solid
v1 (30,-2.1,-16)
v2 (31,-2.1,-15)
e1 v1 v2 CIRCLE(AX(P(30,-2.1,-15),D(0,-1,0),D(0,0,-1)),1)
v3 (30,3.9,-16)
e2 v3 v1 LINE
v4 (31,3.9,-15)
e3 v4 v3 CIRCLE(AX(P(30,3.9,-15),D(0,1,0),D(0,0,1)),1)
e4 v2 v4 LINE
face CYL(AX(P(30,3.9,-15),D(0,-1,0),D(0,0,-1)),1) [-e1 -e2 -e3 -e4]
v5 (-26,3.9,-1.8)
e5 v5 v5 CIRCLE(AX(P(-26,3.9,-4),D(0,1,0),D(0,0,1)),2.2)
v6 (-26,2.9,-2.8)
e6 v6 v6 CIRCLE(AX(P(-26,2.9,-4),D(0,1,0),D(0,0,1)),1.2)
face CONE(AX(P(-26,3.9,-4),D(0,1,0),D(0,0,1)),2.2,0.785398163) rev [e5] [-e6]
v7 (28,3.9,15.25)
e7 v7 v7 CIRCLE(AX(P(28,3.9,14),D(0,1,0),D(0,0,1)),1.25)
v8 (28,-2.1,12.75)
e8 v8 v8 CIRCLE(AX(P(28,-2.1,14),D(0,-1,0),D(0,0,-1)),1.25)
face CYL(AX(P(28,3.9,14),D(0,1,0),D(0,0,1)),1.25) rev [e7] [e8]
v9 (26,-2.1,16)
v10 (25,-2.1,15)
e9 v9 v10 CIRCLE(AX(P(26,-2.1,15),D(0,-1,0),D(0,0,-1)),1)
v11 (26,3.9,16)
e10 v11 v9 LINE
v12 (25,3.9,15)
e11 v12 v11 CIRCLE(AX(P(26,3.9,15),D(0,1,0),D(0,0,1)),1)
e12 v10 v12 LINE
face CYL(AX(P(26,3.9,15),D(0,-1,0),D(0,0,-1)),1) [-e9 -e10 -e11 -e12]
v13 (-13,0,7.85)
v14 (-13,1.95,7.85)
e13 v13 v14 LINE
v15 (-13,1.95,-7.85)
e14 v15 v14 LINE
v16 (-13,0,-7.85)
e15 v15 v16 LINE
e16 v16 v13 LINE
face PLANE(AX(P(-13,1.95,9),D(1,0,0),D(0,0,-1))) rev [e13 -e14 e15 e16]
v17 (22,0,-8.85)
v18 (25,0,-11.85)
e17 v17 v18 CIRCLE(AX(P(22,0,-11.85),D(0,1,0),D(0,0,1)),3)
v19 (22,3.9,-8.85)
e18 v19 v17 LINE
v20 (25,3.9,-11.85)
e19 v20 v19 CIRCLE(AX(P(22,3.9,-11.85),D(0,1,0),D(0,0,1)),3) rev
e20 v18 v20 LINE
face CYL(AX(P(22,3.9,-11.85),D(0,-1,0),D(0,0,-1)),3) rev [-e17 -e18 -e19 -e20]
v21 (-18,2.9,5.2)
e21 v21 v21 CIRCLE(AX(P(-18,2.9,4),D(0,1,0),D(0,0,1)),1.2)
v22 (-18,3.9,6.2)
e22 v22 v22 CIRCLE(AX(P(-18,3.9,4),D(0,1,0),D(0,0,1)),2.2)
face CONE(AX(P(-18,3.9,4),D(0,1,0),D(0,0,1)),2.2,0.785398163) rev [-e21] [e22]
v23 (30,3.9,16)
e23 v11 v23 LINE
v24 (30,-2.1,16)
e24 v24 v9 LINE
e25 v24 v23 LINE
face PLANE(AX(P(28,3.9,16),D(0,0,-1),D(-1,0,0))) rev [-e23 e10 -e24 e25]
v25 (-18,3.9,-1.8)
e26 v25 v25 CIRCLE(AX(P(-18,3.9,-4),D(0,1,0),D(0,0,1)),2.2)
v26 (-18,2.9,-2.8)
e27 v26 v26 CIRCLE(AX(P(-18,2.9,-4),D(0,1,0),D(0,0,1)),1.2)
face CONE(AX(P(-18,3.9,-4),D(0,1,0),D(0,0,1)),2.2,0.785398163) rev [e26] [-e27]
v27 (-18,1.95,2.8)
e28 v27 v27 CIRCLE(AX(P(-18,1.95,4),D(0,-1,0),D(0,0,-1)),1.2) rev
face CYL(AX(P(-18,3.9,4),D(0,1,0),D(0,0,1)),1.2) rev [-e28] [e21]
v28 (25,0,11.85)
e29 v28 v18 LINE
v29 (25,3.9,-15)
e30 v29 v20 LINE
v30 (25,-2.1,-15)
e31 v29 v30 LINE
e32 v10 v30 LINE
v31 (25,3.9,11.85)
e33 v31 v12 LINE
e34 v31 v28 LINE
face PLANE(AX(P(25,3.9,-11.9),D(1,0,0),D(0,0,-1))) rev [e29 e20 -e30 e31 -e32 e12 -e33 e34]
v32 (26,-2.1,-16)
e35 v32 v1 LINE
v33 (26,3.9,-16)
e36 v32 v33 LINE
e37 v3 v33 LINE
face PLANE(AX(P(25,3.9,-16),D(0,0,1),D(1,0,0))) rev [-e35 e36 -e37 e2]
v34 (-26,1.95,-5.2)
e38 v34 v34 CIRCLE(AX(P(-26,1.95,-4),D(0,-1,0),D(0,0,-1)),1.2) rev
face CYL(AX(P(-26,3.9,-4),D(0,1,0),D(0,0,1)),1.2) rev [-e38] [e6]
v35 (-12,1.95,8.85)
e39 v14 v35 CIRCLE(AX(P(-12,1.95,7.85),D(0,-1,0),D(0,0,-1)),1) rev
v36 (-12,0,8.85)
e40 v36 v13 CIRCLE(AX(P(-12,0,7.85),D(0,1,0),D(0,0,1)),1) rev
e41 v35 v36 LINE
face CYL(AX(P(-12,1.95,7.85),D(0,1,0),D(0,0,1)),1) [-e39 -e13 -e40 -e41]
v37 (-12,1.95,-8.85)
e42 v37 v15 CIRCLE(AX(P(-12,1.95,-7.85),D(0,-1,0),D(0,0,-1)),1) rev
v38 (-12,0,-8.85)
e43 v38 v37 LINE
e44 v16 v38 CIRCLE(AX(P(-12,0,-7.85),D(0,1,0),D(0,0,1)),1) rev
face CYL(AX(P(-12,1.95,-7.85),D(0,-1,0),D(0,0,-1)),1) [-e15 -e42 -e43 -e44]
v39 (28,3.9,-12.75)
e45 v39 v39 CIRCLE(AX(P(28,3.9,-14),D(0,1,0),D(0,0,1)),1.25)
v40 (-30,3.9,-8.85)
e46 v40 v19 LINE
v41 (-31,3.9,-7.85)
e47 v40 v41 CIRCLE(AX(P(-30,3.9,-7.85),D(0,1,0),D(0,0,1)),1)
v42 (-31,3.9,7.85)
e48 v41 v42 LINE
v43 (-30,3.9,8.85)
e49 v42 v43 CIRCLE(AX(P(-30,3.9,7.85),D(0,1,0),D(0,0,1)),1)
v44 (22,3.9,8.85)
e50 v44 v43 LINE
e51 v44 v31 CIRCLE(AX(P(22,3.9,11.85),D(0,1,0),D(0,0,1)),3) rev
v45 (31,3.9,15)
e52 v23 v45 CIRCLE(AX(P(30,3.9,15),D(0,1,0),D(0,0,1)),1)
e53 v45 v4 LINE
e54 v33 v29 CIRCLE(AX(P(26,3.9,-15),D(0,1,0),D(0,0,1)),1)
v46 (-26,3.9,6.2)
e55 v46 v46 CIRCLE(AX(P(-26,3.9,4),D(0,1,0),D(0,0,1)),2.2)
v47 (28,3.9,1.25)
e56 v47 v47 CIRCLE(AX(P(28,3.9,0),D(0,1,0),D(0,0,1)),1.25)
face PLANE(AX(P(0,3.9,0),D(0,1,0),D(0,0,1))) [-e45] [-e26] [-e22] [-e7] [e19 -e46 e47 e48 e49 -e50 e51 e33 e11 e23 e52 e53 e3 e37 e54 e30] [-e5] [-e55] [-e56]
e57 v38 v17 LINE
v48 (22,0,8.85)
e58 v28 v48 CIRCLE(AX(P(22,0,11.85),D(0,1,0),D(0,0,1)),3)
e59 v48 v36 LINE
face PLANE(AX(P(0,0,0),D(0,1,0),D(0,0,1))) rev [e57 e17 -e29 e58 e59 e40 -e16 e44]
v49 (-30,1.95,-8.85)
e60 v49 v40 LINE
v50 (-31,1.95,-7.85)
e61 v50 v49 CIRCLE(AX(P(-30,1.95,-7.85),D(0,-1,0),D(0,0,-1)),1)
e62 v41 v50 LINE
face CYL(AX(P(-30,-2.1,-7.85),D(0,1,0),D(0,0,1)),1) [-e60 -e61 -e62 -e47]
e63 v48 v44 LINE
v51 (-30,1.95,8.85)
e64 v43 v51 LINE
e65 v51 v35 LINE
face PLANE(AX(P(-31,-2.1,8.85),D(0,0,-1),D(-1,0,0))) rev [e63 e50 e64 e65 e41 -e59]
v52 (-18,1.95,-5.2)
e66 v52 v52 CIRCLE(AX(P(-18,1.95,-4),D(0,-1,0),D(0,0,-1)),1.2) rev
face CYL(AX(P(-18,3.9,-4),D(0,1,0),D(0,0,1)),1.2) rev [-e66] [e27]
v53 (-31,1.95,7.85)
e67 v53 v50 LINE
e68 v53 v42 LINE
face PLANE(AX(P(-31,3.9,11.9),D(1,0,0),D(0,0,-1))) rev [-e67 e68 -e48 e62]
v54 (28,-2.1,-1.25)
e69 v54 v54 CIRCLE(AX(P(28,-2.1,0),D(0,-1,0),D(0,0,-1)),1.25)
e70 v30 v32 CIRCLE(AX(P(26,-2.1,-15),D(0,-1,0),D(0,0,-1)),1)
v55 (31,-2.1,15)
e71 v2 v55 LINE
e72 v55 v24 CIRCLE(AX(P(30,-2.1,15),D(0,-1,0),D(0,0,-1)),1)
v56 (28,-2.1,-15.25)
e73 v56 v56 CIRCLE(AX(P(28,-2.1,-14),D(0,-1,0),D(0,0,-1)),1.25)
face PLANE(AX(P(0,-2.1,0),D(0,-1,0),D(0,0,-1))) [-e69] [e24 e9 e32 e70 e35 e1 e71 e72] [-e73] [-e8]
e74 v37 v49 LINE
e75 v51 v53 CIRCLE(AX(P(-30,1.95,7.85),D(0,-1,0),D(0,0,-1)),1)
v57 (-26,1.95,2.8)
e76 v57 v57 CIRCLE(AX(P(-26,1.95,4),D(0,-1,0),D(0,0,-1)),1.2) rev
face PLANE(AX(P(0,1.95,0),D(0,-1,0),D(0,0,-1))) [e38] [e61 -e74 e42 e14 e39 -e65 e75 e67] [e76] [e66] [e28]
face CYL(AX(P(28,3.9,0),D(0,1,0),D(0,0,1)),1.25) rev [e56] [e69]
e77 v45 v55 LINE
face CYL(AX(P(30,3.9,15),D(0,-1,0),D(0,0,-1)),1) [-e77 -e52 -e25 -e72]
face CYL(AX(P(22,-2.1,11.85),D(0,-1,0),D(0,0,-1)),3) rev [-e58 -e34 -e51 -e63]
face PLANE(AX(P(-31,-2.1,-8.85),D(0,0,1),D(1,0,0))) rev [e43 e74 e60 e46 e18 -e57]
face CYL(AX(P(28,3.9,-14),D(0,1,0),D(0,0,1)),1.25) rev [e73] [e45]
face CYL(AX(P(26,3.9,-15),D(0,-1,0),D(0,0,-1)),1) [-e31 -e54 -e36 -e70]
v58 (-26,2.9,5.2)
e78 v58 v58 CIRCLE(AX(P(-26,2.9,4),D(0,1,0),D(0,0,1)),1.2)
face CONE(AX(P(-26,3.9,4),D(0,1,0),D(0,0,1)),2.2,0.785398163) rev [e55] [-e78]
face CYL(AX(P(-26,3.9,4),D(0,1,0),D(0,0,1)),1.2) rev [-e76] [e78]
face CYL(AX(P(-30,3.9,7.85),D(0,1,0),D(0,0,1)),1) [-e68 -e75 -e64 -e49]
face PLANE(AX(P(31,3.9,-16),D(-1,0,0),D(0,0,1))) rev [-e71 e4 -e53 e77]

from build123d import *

# Parameters (mm, degrees)
BOSS_EXTRUDE1_DEPTH                                 = 3.9
BOSS_EXTRUDE2_DEPTH                                 = 2.1
CSK_FOR_M2_COUNTERSUNK_FLAT_HEAD_SCREW1_D           = 2.4
CSK_FOR_M2_COUNTERSUNK_FLAT_HEAD_SCREW1_CSINK_D     = 4.4
CSK_FOR_M2_COUNTERSUNK_FLAT_HEAD_SCREW1_CSINK_ANGLE = 90
LPATTERN1_COUNT                                     = 2
LPATTERN1_PITCH                                     = 8
LPATTERN1_COUNT_DIR2                                = 2
LPATTERN1_PITCH_DIR2                                = 8
SKETCH7_W                                           = 8
SKETCH7_H                                           = 6
CUT_EXTRUDE1_DEPTH                                  = 36.397740041
SKETCH10_W                                          = 18
SKETCH10_H                                          = 18
CUT_EXTRUDE2_DEPTH                                  = 1.95
SKETCH14_W                                          = 8
SKETCH14_H                                          = 1
CUT_EXTRUDE3_DEPTH                                  = 36.11983058
M3_TAPPED_HOLE1_D                                   = 2.5
M3_TAPPED_HOLE1_DEPTH                               = 6.748924226
M3_TAPPED_HOLE1_TIP                                 = 0.751075774
SKETCH15_W                                          = 56
SKETCH15_H                                          = 3.05
CUT_EXTRUDE4_DEPTH                                  = 36.397740041
FILLET5_R                                           = 1
FILLET7_R                                           = 3


with BuildPart() as part:
    # Sketch1 → Boss-Extrude1 (new body)
    with BuildSketch(Plane(origin=(0, 0, 0), x_dir=(1, 0, 0), z_dir=(0, 1, 0))):
        Polygon((22, 11.9), (25, 11.9), (25, 16), (28, 16), (31, 16), (31, -16), (28, -16), (25, -16), (25, -11.9), (22, -11.9), (-31, -11.9), (-31, 11.9), align=None)
    extrude(amount=BOSS_EXTRUDE1_DEPTH)

    # Sketch6 → Boss-Extrude2 (add)
    with BuildSketch(Plane.XZ):
        Polygon((25, 11.9), (25, 16), (28, 16), (31, 16), (31, -16), (28, -16), (25, -16), (25, -11.9), align=None)
    extrude(amount=BOSS_EXTRUDE2_DEPTH)

    # CSK for M2 Countersunk Flat Head Screw1 (through all)
    with Locations(Plane(origin=(0, 3.9, 0), x_dir=(1, 0, 0), z_dir=(0, 1, 0))):
        with Locations((-18, 4)):
            csk_for_m2_countersunk_flat_head_screw1 = CounterSinkHole(CSK_FOR_M2_COUNTERSUNK_FLAT_HEAD_SCREW1_D / 2, CSK_FOR_M2_COUNTERSUNK_FLAT_HEAD_SCREW1_CSINK_D / 2, counter_sink_angle=CSK_FOR_M2_COUNTERSUNK_FLAT_HEAD_SCREW1_CSINK_ANGLE)

    # LPattern1: CSK for M2 Countersunk Flat Head Screw1 2 × 2
    with Locations(*[(-i * LPATTERN1_PITCH, 0, j * LPATTERN1_PITCH_DIR2) for i in range(LPATTERN1_COUNT) for j in range(LPATTERN1_COUNT_DIR2) if (i, j) != (0, 0)]):
        add(csk_for_m2_countersunk_flat_head_screw1, mode=Mode.SUBTRACT)

    # Sketch7 → Cut-Extrude1 (cut, through all)
    with BuildSketch(Plane(origin=(0, 3.9, 0), x_dir=(1, 0, 0), z_dir=(0, 1, 0))):
        with Locations((-27, 12)):
            Rectangle(SKETCH7_W, SKETCH7_H)
        with Locations((-27, -12)):
            Rectangle(SKETCH7_W, SKETCH7_H)
    extrude(amount=-CUT_EXTRUDE1_DEPTH, mode=Mode.SUBTRACT)

    # Sketch10 → Cut-Extrude2 (cut)
    with BuildSketch(Plane.XZ):
        with Locations((-22, 0)):
            Rectangle(SKETCH10_W, SKETCH10_H)
    extrude(amount=-CUT_EXTRUDE2_DEPTH, mode=Mode.SUBTRACT)

    # Sketch14 → Cut-Extrude3 (cut, through all)
    with BuildSketch(Plane.XZ.offset(-1.95)):
        with Locations((-27, -9.45)):
            Rectangle(SKETCH14_W, SKETCH14_H)
        with Locations((-27, 9.45)):
            Rectangle(SKETCH14_W, SKETCH14_H)
    extrude(amount=-CUT_EXTRUDE3_DEPTH, mode=Mode.SUBTRACT)

    # M3 Tapped Hole1
    with Locations(Plane(origin=(0, 3.9, 0), x_dir=(1, 0, 0), z_dir=(0, 1, 0))):
        with Locations((28, 14), (28, -14), (28, 0)):
            Hole(M3_TAPPED_HOLE1_D / 2, depth=M3_TAPPED_HOLE1_DEPTH)
            with Locations((0, 0, -(M3_TAPPED_HOLE1_DEPTH + M3_TAPPED_HOLE1_TIP / 2))):  # 118° drill point
                Cone(0, M3_TAPPED_HOLE1_D / 2, M3_TAPPED_HOLE1_TIP, mode=Mode.SUBTRACT)

    # Sketch15 → Cut-Extrude4 (cut, through all)
    with BuildSketch(Plane(origin=(0, 3.9, 0), x_dir=(1, 0, 0), z_dir=(0, 1, 0))):
        with Locations((-3, 10.375)):
            Rectangle(SKETCH15_W, SKETCH15_H)
        with Locations((-3, -10.375)):
            Rectangle(SKETCH15_W, SKETCH15_H)
    extrude(amount=-CUT_EXTRUDE4_DEPTH, mode=Mode.SUBTRACT)

    # Fillet5
    fillet5_edges = [part.edges().sort_by_distance(p)[0] for p in [
        (25, 0.9, -16),
        (31, 0.9, -16),
        (31, 0.9, 16),
        (25, 0.9, 16),
        (-13, 0.975, 8.85),
        (-13, 0.975, -8.85),
        (-31, 2.925, -8.85),
        (-31, 2.925, 8.85),
    ]]
    fillet(fillet5_edges, radius=FILLET5_R)

    # Fillet7
    fillet7_edges = [part.edges().sort_by_distance(p)[0] for p in [
        (25, 1.95, -8.85),
        (25, 1.95, 8.85),
    ]]
    fillet(fillet7_edges, radius=FILLET7_R)


solid = part.part
